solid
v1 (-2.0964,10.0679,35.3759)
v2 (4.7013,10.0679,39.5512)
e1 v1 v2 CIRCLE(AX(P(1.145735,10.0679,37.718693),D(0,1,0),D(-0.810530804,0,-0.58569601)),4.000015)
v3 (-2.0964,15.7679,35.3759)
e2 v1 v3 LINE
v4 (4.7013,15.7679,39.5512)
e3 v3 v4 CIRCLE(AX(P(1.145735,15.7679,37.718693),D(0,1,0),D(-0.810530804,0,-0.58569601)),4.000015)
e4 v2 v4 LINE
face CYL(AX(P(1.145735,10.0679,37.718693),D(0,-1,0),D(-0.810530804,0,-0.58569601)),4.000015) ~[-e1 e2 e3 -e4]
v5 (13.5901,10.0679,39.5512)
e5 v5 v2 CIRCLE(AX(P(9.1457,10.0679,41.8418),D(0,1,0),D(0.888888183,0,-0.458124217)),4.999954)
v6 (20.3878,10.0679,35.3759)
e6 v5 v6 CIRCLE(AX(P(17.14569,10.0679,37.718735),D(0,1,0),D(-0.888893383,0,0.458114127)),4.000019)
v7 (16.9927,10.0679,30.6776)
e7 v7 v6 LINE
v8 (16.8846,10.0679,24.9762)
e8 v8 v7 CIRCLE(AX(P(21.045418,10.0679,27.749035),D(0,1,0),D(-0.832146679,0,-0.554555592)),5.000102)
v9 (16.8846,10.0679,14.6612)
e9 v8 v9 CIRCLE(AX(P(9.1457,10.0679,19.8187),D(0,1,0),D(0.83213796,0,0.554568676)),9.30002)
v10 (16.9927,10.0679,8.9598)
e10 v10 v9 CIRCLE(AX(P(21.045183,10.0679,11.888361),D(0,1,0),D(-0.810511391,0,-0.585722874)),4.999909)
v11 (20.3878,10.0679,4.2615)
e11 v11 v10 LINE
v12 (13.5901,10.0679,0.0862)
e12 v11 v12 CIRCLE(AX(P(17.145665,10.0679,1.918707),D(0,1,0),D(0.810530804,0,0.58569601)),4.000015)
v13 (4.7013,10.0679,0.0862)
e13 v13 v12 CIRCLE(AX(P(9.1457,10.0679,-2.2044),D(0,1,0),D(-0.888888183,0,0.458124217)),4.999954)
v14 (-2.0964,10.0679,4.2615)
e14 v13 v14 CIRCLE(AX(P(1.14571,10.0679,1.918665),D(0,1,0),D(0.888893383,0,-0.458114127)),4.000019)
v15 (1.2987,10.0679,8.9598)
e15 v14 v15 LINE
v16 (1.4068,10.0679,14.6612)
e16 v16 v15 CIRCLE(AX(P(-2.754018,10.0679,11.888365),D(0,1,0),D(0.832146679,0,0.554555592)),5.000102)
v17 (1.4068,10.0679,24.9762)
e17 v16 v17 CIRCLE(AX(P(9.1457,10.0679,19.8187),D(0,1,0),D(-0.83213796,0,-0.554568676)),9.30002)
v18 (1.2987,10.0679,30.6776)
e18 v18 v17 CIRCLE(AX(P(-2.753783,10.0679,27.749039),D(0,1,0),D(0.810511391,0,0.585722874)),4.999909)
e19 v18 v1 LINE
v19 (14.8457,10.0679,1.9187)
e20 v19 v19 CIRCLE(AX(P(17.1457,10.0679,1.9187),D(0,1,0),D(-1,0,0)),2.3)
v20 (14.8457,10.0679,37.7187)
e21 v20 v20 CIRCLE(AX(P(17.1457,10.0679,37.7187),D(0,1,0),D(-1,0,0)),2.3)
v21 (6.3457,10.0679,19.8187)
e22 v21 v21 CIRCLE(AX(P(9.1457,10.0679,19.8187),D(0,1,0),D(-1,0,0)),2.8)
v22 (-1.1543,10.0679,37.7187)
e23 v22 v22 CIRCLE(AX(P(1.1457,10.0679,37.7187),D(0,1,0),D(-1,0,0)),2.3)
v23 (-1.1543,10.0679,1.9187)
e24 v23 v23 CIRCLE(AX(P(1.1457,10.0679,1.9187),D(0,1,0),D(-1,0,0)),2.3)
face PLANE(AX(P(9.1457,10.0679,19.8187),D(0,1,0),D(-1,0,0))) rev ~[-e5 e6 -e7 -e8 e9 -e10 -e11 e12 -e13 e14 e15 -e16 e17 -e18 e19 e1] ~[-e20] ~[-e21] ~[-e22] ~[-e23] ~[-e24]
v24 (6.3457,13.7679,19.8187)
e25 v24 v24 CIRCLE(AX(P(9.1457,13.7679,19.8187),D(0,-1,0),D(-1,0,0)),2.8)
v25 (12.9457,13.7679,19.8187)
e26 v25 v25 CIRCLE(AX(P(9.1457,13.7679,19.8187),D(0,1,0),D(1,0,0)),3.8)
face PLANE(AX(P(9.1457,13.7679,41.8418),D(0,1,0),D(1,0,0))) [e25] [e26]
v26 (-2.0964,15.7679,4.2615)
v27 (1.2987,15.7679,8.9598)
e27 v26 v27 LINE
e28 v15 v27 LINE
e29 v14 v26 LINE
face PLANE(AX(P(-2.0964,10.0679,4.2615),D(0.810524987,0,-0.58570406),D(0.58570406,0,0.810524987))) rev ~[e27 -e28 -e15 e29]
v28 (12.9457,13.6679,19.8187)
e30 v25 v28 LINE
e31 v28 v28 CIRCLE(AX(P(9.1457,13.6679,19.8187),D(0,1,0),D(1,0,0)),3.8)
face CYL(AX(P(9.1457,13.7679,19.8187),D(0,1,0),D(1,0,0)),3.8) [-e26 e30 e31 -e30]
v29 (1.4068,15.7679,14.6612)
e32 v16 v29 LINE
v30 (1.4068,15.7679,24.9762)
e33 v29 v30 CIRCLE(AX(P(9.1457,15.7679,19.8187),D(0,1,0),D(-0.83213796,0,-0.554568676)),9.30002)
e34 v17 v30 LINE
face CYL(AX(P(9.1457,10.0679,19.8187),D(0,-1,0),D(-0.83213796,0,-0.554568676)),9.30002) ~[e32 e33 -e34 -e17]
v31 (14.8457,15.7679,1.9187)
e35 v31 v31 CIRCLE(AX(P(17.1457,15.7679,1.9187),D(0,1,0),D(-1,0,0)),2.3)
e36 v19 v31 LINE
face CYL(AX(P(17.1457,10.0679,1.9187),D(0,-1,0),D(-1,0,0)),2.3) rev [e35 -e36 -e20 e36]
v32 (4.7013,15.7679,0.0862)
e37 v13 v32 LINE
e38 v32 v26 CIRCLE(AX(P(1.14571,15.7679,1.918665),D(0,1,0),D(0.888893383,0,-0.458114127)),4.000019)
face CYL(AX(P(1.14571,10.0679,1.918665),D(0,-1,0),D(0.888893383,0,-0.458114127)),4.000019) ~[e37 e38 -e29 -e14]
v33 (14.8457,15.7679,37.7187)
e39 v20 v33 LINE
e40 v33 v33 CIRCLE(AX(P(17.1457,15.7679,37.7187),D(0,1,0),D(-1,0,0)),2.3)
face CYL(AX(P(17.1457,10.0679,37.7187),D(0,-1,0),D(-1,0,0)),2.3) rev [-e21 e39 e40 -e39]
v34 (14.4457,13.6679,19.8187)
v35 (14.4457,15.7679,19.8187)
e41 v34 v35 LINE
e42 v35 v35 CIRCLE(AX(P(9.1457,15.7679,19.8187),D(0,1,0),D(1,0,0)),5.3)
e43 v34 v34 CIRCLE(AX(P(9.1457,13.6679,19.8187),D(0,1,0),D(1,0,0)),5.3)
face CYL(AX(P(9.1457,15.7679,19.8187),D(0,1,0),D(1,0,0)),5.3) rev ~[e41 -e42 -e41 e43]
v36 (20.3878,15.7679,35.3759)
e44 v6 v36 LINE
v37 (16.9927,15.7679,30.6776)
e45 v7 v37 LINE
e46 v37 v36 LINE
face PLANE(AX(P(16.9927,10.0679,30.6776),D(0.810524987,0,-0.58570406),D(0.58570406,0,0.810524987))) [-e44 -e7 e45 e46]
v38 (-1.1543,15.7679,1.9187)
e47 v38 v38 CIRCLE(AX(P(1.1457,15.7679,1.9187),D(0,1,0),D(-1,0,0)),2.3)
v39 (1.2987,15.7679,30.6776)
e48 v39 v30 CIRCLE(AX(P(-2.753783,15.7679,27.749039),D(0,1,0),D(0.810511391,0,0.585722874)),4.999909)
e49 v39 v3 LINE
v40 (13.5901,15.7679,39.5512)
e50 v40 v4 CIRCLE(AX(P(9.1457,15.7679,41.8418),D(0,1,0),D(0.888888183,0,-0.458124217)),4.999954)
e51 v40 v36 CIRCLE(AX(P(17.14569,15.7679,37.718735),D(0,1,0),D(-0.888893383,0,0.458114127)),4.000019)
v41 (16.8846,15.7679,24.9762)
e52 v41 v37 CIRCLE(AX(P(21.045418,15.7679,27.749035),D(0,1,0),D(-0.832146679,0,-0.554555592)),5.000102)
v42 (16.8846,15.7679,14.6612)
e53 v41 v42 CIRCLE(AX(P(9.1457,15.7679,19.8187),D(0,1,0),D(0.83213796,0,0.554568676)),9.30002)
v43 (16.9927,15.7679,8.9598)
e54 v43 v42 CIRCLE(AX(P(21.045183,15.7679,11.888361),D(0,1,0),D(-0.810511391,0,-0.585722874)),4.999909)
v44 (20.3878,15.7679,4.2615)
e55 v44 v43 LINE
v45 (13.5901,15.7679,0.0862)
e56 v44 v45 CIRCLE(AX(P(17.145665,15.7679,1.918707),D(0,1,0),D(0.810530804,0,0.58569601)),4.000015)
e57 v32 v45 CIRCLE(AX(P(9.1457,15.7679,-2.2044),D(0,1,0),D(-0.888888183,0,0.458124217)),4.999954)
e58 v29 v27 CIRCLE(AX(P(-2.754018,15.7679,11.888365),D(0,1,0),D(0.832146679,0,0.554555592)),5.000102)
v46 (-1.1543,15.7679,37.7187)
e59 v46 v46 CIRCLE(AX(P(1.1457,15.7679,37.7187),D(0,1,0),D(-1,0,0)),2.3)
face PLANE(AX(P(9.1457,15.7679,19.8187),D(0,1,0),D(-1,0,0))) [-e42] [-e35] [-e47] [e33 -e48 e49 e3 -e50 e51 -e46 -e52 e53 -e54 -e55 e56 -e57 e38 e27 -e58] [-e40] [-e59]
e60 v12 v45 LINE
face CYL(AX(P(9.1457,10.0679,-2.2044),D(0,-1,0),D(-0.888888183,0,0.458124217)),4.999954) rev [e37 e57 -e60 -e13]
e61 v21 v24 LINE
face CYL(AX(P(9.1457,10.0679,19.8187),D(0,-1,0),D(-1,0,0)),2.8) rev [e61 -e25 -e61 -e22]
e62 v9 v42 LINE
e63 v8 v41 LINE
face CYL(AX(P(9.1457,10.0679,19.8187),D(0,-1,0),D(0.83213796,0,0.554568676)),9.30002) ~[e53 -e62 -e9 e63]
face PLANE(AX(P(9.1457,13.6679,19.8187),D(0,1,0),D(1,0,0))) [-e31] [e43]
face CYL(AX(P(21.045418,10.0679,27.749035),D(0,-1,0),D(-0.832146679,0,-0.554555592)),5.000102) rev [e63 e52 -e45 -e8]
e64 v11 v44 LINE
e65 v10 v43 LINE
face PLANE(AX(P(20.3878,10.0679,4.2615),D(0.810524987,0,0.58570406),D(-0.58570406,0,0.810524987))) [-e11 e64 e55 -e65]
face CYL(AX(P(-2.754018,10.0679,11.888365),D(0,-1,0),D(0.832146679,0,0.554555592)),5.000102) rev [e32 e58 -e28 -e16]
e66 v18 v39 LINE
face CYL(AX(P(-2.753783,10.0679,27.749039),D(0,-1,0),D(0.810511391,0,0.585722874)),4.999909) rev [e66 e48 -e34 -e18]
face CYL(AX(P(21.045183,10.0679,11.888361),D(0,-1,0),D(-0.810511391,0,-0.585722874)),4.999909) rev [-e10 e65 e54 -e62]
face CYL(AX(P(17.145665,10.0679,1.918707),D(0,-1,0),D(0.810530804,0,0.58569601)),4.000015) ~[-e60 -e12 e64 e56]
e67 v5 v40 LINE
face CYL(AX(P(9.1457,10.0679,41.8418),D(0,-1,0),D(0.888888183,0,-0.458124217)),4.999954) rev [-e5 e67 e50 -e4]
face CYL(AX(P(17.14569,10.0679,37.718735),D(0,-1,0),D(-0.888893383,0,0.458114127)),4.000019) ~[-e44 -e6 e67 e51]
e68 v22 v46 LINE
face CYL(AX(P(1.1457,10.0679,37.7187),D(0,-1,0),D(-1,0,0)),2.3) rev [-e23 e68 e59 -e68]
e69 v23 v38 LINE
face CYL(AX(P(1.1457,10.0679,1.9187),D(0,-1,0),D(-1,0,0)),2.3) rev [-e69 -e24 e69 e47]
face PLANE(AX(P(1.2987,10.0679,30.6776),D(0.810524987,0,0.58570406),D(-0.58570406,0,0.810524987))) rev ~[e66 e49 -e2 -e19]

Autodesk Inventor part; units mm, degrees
ref_plane "YZ Plane" through (0, 0, 0) normal (1, 0, 0) x (0, 1, 0)
ref_plane "Work Plane1" through (9.1457, 10.0679, 19.8187) normal (0, 1, 0) x (-1, 0, 0)
sketch "Sketch1" plane through (9.1457, 10.0679, 19.8187) normal (0, 1, 0) x (-1, 0, 0)
  circle A0 centre (-8, -17.9) radius 2 construction
  circle A1 centre (-8, 17.9) radius 2 construction
  arc A2 (7.7389, -5.1575) -> (7.7389, 5.1575) centre (0, 0) ccw projected
  arc A3 (-4.4444, 19.7325) -> (-11.2421, 15.5572) centre (-8, 17.9) ccw projected
  line L0 (-7.847, 10.8589) -> (-11.2421, 15.5572) projected
  arc A4 (-7.7389, 5.1575) -> (-7.847, 10.8589) centre (-11.8996, 7.9303) ccw projected
  arc A5 (-7.847, -10.8589) -> (-7.7389, -5.1575) centre (-11.8996, -7.9303) ccw projected
  line L1 (-11.2421, -15.5572) -> (-7.847, -10.8589) projected
  arc A6 (-11.2421, -15.5572) -> (-4.4444, -19.7325) centre (-8, -17.9) ccw projected
  circle A7 centre (0, 0) radius 7.3 construction
  circle A8 centre (0, 0) radius 5 construction
  circle A9 centre (0, 0) radius 2.5 construction
  circle A10 centre (-8, 17.9) radius 2.3
  circle A11 centre (-8, -17.9) radius 2.3
  circle A12 centre (8, -17.9) radius 2 construction
  circle A13 centre (8, 17.9) radius 2 construction
  arc A14 (4.4444, -19.7325) -> (-4.4444, -19.7325) centre (0, -22.0231) ccw projected
  arc A15 (4.4444, -19.7325) -> (11.2421, -15.5572) centre (8, -17.9) ccw projected
  line L2 (11.2421, -15.5572) -> (7.847, -10.8589) projected
  arc A16 (7.7389, -5.1575) -> (7.847, -10.8589) centre (11.8996, -7.9303) ccw projected
  arc A17 (7.847, 10.8589) -> (7.7389, 5.1575) centre (11.8996, 7.9303) ccw projected
  line L3 (7.847, 10.8589) -> (11.2421, 15.5572) projected
  arc A18 (11.2421, 15.5572) -> (4.4444, 19.7325) centre (8, 17.9) ccw projected
  arc A19 (-4.4444, 19.7325) -> (4.4444, 19.7325) centre (0, 22.0231) ccw projected
  circle A20 centre (8, -17.9) radius 2.3
  circle A21 centre (8, 17.9) radius 2.3
  arc A22 (1.8, 2.1448) -> (-1.8, 2.1448) centre (0, 0) ccw construction
  line L4 (-1.8, -2.1448) -> (-1.8, 2.1448) construction
  arc A23 (-1.8, -2.1448) -> (1.8, -2.1448) centre (0, 0) ccw construction
  line L5 (1.8, 2.1448) -> (1.8, -2.1448) construction
  line L6 (1.5, 2) -> (1.5, -2) projected
  arc A24 (-1.5, -2) -> (1.5, -2) centre (0, 0) ccw projected
  line L7 (-1.5, -2) -> (-1.5, 2) projected
  arc A25 (1.5, 2) -> (-1.5, 2) centre (0, 0) ccw projected
  circle A26 centre (0, 0) radius 2.8
  arc A27 (-7.7389, 5.1575) -> (-7.7389, -5.1575) centre (0, 0) ccw projected
  point P0 (9.1457, -19.8187)
  point P1 (-13.1394, 9.646)
  point P2 (-13.1394, -9.646)
  point P3 (13.1394, -9.646)
  point P4 (13.1394, 9.646)
  point P5 (-11.8996, 7.9303)
  point P6 (-11.8996, -7.9303)
  point P7 (11.8996, -7.9303)
  point P8 (11.8996, 7.9303)
  point P9 (11.8996, -7.9303)
  point P10 (11.8996, 7.9303)
  point P11 (-11.8996, 7.9303)
  point P12 (-11.8996, -7.9303)
  point P13 (11.8996, -7.9303)
  point P14 (11.8996, 7.9303)
  point P15 (0, 0)
  point P16 (11.8996, -7.9303)
  point P17 (11.8996, 7.9303)
  point P18 (11.8996, -7.9303)
  point P19 (11.8996, 7.9303)
  point P20 (-11.8996, 7.9303)
  point P21 (-11.8996, -7.9303)
  dimension "d1" = 0.3
  dimension "d2" = 0.3
  dimension "d8" = 0.3
  dimension "d9" = 0.3
  dimension "d20" = 0.3
ref_plane "Work Plane2" through (17.1457, 15.7679, 19.8187) normal (0, -1, 0) x (-1, 0, 0)
extrude "Extrusion1" add sketch "Sketch1" along normal up to surface (5.7 mm away) contours A16 L2 A15 A14 A6 L1 A5 A27 A4 L0 A3 A19 A18 L3 A17 A2
sketch "Sketch3" plane through (9.1457, 15.7679, 41.8418) normal (0, 1, 0) x (1, 0, 0)
  circle A0 centre (0, 22.0231) radius 5 construction
  circle A1 centre (0, 22.0231) radius 5.3
  point P0 (-9.1457, 41.8418)
  dimension "d11" = 0.3
ref_plane "Work Plane4" through (9.1457, 13.7679, 19.8187) normal (0, -1, 0) x (-1, 0, 0)
extrude "Extrusion3" cut sketch "Sketch3" against normal up to surface (2 mm away)
sketch "Sketch4" plane through (9.1457, 13.7679, 19.8187) normal (0, 1, 0) x (1, 0, 0)
  circle A0 centre (0, 0) radius 3.8 projected
  circle A1 centre (0, 0) radius 5.3 projected
  point P0 (-9.1457, 19.8187)
extrude "Extrusion4" cut sketch "Sketch4" against normal blind 0.1
ref_plane "Work Plane5" through (1.2414, 11.6271, 11.9106) normal (0, 1, 0) x (0, 0, 1)
properties part number "shaft encap lid"
